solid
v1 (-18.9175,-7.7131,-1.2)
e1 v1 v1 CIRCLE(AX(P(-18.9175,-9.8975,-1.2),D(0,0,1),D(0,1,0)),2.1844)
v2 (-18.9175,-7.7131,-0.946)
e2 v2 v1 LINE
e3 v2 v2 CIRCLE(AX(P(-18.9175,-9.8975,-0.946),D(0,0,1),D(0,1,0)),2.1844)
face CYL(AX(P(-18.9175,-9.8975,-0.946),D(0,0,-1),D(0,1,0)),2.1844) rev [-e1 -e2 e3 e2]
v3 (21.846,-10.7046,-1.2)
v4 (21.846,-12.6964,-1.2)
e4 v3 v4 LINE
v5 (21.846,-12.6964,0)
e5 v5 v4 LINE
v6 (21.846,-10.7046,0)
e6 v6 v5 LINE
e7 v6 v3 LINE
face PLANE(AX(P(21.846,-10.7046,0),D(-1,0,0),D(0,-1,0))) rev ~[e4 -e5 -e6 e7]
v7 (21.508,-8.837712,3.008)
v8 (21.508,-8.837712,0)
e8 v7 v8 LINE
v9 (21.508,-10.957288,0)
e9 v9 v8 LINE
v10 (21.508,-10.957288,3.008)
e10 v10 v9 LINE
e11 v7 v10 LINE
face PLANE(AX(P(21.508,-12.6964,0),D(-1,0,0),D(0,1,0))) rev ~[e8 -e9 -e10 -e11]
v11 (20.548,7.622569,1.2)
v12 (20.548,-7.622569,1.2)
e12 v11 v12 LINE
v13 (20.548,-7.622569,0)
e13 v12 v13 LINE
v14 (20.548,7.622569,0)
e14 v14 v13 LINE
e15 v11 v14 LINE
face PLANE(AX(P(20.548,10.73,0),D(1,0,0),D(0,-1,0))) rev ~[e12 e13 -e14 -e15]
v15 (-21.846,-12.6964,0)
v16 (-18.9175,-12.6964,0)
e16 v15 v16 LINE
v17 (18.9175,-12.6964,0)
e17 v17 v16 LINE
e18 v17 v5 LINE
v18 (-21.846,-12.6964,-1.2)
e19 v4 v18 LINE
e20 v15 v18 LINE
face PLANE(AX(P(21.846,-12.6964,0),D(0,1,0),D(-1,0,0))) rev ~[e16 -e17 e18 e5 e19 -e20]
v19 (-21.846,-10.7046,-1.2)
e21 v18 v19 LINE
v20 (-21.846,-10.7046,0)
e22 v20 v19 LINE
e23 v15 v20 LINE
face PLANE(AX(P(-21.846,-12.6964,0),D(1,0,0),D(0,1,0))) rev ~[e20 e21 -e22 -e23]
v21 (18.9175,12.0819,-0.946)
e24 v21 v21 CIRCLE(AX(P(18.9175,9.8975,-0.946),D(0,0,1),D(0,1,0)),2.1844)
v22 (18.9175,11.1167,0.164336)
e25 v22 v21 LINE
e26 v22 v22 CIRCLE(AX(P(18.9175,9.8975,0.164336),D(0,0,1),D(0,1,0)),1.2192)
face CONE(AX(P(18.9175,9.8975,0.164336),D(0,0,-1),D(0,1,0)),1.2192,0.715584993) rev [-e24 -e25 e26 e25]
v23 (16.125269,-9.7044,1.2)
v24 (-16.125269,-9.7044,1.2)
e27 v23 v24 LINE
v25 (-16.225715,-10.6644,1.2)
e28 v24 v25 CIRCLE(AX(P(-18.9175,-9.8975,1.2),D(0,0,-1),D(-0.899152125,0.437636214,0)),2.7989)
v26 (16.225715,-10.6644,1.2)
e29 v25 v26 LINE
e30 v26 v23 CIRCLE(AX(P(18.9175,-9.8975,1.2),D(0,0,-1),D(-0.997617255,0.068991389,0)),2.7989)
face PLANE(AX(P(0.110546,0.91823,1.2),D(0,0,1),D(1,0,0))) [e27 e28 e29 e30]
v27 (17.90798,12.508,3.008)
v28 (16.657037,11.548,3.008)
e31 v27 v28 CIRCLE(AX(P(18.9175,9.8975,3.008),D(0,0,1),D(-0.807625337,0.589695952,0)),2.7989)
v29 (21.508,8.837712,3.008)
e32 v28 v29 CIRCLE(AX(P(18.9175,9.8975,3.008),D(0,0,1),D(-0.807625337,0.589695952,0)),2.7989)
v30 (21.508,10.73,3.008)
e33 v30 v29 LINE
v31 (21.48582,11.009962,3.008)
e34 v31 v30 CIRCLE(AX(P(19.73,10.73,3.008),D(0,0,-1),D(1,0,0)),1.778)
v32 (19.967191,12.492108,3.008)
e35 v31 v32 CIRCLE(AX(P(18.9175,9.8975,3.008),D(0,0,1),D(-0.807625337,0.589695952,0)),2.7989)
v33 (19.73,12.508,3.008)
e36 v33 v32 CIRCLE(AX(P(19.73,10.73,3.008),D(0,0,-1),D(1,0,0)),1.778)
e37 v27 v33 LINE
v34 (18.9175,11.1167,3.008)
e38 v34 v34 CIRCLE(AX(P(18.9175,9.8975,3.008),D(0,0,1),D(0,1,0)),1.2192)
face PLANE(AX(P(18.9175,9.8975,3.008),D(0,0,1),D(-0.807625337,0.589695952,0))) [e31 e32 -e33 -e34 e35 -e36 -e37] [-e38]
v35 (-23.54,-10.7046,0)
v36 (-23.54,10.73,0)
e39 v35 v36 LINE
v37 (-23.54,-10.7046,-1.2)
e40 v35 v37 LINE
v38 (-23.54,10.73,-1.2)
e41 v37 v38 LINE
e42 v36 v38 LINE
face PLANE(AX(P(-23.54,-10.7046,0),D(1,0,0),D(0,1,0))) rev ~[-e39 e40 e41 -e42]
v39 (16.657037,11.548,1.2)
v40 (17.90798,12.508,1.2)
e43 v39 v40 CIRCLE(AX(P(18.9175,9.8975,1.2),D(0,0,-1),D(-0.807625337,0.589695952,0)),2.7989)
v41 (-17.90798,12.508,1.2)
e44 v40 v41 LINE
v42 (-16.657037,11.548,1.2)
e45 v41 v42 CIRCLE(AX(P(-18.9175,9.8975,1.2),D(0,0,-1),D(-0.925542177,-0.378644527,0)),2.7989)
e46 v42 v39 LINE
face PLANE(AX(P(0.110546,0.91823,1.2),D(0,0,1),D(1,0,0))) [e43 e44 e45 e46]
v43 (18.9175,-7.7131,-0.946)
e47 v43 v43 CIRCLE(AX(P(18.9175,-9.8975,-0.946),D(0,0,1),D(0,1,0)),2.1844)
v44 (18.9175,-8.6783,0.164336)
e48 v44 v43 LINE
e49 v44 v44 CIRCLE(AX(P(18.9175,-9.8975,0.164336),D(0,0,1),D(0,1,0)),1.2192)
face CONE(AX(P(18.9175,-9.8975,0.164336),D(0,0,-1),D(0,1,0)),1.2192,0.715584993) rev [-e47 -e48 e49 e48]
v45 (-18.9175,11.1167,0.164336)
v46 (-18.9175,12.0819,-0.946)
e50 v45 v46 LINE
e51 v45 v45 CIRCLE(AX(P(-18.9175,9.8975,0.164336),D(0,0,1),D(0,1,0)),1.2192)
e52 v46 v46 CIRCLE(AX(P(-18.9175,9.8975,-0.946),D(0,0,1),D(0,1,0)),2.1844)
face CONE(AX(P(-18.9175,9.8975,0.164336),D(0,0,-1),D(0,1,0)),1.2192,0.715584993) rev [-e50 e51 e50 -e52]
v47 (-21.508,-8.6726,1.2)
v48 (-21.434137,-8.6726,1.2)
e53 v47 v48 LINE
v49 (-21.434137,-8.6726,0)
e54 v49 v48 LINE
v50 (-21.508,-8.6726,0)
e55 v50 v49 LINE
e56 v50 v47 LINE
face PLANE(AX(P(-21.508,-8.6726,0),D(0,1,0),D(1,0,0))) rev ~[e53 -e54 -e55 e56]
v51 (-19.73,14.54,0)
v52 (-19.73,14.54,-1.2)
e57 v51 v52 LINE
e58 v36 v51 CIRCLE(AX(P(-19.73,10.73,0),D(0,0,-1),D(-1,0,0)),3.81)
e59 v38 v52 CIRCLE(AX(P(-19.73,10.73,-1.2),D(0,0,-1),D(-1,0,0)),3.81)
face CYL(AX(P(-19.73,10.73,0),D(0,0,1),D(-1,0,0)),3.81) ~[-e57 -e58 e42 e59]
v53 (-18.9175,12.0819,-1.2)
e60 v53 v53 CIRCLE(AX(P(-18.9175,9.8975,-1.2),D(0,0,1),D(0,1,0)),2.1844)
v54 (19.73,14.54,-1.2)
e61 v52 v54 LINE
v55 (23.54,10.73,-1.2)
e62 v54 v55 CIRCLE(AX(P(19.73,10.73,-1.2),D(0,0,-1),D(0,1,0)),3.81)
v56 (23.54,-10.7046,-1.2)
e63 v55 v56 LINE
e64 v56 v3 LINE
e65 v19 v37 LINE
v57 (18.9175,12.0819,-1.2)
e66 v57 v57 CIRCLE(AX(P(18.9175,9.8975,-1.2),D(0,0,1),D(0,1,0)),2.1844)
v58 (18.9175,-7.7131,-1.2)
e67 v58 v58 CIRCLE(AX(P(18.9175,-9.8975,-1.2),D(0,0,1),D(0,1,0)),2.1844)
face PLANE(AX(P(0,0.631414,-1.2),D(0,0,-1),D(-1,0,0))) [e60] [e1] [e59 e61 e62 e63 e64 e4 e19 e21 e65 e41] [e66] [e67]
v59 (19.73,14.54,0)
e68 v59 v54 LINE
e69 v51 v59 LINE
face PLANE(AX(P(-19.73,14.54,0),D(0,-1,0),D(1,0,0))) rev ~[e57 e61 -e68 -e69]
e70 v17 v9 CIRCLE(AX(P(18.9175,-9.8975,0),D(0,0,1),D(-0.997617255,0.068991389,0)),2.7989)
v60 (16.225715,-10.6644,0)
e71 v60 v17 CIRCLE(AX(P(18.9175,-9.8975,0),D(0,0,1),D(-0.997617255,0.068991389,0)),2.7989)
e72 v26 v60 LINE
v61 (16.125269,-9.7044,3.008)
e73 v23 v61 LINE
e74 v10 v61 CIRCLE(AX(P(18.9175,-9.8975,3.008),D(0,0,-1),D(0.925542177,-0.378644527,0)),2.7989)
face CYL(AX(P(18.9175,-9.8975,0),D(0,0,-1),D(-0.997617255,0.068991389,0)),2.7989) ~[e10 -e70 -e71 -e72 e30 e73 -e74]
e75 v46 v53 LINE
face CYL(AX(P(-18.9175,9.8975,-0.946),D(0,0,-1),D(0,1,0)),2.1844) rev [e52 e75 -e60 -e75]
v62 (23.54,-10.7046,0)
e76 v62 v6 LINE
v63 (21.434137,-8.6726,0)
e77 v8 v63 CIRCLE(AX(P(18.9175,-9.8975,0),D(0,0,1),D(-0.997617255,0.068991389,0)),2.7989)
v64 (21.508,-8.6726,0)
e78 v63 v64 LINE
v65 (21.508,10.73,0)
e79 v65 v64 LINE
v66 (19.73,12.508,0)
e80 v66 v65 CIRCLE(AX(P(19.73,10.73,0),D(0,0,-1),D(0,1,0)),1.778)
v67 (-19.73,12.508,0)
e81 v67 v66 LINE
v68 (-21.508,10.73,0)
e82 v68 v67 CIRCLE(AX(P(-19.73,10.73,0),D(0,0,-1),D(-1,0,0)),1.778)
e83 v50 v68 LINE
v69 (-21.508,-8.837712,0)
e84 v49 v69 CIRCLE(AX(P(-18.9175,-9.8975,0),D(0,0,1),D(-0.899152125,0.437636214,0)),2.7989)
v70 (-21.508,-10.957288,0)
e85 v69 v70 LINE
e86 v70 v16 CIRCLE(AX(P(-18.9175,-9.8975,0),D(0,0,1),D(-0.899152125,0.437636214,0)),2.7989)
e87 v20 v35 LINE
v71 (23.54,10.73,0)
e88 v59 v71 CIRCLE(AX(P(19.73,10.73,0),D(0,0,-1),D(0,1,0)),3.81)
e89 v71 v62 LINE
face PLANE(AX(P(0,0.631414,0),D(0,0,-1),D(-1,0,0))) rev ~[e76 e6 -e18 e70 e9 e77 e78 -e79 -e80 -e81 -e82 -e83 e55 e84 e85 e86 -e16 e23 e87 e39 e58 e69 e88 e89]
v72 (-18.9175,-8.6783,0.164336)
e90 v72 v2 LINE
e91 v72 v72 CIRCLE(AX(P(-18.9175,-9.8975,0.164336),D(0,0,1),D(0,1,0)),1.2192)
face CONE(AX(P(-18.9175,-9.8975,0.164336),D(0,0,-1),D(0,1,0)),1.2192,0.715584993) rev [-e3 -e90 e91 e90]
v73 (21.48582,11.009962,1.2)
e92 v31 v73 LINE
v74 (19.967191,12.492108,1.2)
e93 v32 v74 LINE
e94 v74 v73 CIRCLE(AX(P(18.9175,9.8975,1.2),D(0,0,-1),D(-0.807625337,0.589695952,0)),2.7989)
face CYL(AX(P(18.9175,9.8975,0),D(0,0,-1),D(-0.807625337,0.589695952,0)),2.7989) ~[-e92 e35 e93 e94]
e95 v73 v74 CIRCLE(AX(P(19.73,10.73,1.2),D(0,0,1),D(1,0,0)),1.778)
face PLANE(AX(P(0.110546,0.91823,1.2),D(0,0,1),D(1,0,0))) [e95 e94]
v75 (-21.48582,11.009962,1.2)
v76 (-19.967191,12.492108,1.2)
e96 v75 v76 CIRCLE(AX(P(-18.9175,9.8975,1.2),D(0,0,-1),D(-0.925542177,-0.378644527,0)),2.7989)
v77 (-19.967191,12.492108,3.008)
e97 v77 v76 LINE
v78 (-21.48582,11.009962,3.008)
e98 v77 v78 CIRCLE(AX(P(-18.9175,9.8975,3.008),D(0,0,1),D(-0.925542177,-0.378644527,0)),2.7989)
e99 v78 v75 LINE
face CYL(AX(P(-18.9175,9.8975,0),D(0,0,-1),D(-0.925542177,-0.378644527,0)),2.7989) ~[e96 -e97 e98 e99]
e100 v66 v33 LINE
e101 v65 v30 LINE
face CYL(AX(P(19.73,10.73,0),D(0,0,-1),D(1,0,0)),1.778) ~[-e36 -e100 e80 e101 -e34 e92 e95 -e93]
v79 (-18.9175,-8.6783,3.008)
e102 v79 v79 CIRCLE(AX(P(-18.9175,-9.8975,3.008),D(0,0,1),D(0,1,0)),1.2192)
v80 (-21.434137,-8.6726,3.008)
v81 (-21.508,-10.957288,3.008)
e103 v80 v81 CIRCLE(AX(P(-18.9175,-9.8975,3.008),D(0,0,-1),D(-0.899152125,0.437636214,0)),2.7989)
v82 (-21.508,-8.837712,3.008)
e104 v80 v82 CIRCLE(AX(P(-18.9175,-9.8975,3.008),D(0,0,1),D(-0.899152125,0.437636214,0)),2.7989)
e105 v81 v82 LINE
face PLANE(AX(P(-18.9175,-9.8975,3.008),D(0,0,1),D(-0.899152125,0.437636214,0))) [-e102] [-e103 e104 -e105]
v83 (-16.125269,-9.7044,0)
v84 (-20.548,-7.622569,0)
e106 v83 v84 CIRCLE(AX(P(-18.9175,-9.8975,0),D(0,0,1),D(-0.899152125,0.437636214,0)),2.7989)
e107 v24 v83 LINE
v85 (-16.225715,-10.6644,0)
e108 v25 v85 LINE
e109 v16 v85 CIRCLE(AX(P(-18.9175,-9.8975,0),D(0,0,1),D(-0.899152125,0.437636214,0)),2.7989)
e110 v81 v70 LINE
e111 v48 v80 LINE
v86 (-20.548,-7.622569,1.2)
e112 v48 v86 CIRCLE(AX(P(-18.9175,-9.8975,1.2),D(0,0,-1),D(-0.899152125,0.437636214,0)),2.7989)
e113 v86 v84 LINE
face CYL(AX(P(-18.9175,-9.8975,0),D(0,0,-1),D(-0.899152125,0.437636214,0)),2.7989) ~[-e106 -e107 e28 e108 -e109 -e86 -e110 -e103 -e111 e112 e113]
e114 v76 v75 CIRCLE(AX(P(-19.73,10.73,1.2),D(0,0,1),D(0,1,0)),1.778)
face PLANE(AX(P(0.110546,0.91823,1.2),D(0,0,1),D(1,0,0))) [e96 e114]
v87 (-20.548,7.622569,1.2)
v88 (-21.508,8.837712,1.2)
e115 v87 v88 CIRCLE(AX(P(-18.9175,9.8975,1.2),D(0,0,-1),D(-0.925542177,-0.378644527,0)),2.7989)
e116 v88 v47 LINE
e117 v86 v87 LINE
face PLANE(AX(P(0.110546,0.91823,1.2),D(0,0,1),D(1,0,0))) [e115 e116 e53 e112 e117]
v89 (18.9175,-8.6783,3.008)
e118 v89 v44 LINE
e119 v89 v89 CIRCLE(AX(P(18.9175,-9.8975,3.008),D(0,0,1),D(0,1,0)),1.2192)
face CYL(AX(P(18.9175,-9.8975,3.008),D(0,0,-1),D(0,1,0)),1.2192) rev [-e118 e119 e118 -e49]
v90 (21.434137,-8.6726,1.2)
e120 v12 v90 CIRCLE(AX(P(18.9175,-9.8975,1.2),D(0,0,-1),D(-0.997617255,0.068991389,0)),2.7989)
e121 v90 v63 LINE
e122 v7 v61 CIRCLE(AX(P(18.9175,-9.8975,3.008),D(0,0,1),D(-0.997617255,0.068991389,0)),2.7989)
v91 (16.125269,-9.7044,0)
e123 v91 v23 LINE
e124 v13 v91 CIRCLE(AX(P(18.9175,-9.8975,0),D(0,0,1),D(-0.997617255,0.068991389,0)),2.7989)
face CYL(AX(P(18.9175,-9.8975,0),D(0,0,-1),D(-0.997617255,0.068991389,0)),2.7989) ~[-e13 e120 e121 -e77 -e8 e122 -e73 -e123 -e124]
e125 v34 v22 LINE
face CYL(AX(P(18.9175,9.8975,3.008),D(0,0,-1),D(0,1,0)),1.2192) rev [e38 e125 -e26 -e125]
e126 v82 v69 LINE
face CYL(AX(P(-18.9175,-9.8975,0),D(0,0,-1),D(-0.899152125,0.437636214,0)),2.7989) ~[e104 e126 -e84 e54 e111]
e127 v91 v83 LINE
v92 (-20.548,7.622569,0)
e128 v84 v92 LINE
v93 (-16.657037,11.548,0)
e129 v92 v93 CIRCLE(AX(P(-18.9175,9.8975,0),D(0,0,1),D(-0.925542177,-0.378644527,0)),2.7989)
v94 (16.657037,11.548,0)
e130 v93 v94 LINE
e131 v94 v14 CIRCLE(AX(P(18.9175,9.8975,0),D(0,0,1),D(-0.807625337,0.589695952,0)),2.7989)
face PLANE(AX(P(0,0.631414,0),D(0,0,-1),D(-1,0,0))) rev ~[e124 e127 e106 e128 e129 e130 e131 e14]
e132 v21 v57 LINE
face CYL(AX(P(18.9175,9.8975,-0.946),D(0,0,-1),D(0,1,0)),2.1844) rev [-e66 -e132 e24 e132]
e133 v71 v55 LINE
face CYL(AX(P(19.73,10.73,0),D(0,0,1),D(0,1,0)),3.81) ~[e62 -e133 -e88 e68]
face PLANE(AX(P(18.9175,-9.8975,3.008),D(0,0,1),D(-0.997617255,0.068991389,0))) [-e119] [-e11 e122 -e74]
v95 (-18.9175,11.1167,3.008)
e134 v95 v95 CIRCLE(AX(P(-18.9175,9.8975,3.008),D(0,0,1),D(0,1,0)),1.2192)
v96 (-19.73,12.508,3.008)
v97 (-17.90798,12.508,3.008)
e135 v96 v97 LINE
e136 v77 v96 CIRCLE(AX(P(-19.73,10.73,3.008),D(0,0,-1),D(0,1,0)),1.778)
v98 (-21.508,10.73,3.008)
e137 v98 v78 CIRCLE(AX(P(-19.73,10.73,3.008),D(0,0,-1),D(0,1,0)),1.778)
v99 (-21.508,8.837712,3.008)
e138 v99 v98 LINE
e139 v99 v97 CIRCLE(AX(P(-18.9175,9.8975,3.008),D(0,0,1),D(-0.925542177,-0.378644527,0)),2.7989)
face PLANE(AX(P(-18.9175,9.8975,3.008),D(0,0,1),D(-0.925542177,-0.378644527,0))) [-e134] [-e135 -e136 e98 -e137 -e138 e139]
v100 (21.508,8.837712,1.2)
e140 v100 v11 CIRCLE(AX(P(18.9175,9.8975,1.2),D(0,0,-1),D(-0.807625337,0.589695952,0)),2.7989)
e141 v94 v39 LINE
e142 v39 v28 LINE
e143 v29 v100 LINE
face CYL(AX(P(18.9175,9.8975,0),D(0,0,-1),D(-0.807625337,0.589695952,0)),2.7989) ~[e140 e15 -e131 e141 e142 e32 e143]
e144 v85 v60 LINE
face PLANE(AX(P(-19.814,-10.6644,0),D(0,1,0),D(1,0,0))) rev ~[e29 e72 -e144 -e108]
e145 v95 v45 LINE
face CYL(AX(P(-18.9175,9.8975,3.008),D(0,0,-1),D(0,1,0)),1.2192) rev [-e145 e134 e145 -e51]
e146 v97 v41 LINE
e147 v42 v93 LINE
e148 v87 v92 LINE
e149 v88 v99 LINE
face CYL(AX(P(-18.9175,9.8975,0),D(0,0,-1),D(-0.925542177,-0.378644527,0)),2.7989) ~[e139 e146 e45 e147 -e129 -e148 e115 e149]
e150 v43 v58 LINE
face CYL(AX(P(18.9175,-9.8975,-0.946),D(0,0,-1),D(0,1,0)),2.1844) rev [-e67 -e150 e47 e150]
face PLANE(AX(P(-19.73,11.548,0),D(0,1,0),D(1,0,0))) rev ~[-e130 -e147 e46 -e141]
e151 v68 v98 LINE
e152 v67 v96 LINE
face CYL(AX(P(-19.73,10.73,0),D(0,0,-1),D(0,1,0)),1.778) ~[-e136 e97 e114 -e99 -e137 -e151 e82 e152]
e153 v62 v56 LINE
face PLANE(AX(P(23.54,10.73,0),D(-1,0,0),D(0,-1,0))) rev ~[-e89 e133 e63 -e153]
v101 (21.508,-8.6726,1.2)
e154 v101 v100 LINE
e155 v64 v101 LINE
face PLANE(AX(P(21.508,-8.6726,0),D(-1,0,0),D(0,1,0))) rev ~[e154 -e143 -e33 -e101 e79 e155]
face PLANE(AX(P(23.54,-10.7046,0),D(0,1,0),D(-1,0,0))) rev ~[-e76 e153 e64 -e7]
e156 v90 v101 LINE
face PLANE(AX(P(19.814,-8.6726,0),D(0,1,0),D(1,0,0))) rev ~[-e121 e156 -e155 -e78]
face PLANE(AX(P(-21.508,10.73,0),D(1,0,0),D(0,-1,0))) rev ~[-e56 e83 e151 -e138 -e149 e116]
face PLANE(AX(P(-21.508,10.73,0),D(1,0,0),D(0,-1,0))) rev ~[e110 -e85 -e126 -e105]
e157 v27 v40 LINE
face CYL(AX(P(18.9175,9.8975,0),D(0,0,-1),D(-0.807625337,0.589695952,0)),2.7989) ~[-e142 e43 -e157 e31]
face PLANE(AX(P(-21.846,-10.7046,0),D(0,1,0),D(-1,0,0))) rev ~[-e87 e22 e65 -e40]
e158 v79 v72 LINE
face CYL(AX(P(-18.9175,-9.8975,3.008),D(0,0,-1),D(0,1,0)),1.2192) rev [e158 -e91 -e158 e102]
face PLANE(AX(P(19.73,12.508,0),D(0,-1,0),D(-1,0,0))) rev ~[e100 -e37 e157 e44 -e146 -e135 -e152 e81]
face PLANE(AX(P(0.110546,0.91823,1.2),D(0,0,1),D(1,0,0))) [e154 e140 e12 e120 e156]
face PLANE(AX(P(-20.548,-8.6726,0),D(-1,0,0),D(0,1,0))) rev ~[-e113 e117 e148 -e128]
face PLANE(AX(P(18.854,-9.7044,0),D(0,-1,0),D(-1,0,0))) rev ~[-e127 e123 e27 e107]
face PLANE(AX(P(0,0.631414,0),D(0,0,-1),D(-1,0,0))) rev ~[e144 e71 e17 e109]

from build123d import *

# Parameters (mm, degrees)
EXTRUDE1_DEPTH                                = 1.2
EXTRUDE_THIN1_DEPTH                           = 1.2
SKETCH9_R                                     = 2.7989
EXTRUDE3_DEPTH                                = 3.008
SKETCH11_OUTSIDE_W                            = 59.99
SKETCH11_OUTSIDE_H                            = 40.146
CUT_EXTRUDE2_DEPTH                            = 28.831479731
CSK_FOR_2_FLAT_HEAD_MACHINE_SCREW1_AT_2_COUNT = 2
CSK_FOR_2_FLAT_HEAD_MACHINE_SCREW1_AT_2_PITCH = 19.795
CSK_FOR_2_FLAT_HEAD_MACHINE_SCREW1_AT_3_COUNT = 2
CSK_FOR_2_FLAT_HEAD_MACHINE_SCREW1_AT_3_PITCH = 42.700459599
CSK_FOR_2_FLAT_HEAD_MACHINE_SCREW1_AT_4_COUNT = 2
CSK_FOR_2_FLAT_HEAD_MACHINE_SCREW1_AT_4_PITCH = 37.835


with BuildPart() as part:
    # Sketch2 → Extrude1 (new body)
    with BuildSketch(Plane.XY):
        with BuildLine():
            Line((22.1, -10.7046), (21.846, -10.7046))
            Line((21.846, -10.7046), (21.846, -12.6964))
            Line((21.846, -12.6964), (-21.846, -12.6964))
            Line((-21.846, -12.6964), (-21.846, -10.7046))
            Line((-21.846, -10.7046), (-22.1, -10.7046))
            Line((-22.1, -10.7046), (-23.54, -10.7046))
            Line((-23.54, -10.7046), (-23.54, 10.73))
            ThreePointArc((-23.54, 10.73), (-22.424076836, 13.424076836), (-19.73, 14.54))
            Line((-19.73, 14.54), (19.73, 14.54))
            ThreePointArc((19.73, 14.54), (22.424076836, 13.424076836), (23.54, 10.73))
            Line((23.54, 10.73), (23.54, -10.7046))
            Line((23.54, -10.7046), (22.1, -10.7046))
        make_face()
    extrude(amount=-EXTRUDE1_DEPTH)

    # Sketch3 → Extrude-Thin1 (add)
    with BuildSketch(Plane.XY):
        with BuildLine():
            Line((-19.814, -8.6726), (-19.814, -10.6644))
            Line((-19.814, -10.6644), (19.814, -10.6644))
            Line((19.814, -10.6644), (19.814, -8.6726))
            Line((19.814, -8.6726), (21.508, -8.6726))
            Line((21.508, -8.6726), (21.508, 10.73))
            ThreePointArc((21.508, 10.73), (20.987235857, 11.987235857), (19.73, 12.508))
            Line((19.73, 12.508), (-19.73, 12.508))
            ThreePointArc((-19.73, 12.508), (-20.987235857, 11.987235857), (-21.508, 10.73))
            Line((-21.508, 10.73), (-21.508, -8.6726))
            Line((-21.508, -8.6726), (-20.548, -8.6726))
            Line((-20.548, -8.6726), (-20.548, 10.73))
            ThreePointArc((-20.548, 10.73), (-20.308413347, 11.308413347), (-19.73, 11.548))
            Line((-19.73, 11.548), (19.73, 11.548))
            ThreePointArc((19.73, 11.548), (20.308413347, 11.308413347), (20.548, 10.73))
            Line((20.548, 10.73), (20.548, -7.7126))
            Line((20.548, -7.7126), (18.854, -7.7126))
            Line((18.854, -7.7126), (18.854, -9.7044))
            Line((18.854, -9.7044), (-18.854, -9.7044))
            Line((-18.854, -9.7044), (-18.854, -8.6726))
            Line((-18.854, -8.6726), (-19.814, -8.6726))
        make_face()
    extrude(amount=EXTRUDE_THIN1_DEPTH)

    # Sketch9 → Extrude3 (add)
    with BuildSketch(Plane.XY):
        with Locations(Location((18.9175, -9.8975, 0), (0, 0, 176.043941969))):
            Circle(SKETCH9_R)
        with Locations(Location((-18.9175, -9.8975, 0), (0, 0, 154.046840703))):
            Circle(SKETCH9_R)
        with Locations(Location((-18.9175, 9.8975, 0), (0, 0, 202.249746806))):
            Circle(SKETCH9_R)
        with Locations(Location((18.9175, 9.8975, 0), (0, 0, 143.864565))):
            Circle(SKETCH9_R)
    extrude(amount=EXTRUDE3_DEPTH)

    # Sketch11 outside → Cut-Extrude2 (cut, through all)
    with BuildSketch(Plane.XY):
        with Locations((0, 0.922)):
            Rectangle(SKETCH11_OUTSIDE_W, SKETCH11_OUTSIDE_H)
        with BuildLine():
            Line((-21.508, 10.73), (-21.508, -12.6964))
            Line((-21.508, -12.6964), (21.508, -12.6964))
            Line((21.508, -12.6964), (21.508, 10.73))
            ThreePointArc((21.508, 10.73), (20.987235857, 11.987235857), (19.73, 12.508))
            Line((19.73, 12.508), (-19.73, 12.508))
            ThreePointArc((-19.73, 12.508), (-20.987235857, 11.987235857), (-21.508, 10.73))
        make_face(mode=Mode.SUBTRACT)
    extrude(amount=CUT_EXTRUDE2_DEPTH, mode=Mode.SUBTRACT)

    # Sketch7 → CSK for #2 Flat Head Machine Screw1 (revolve, cut)
    with BuildSketch(Plane(origin=(18.9175, 9.8975, -1.2), x_dir=(0, 1, 0), z_dir=(1, 0, 0))):
        Polygon((0, 0), (0, 4.208), (1.2192, 4.208), (1.2192, 1.364335587), (2.1844, 0.254), (2.1844, 0), align=None)
    csk_for_2_flat_head_machine_screw1 = revolve(axis=Axis((18.9175, 9.8975, -7.55), (0, 0, 1)), mode=Mode.SUBTRACT)

    # CSK for #2 Flat Head Machine Screw1 at 2: CSK for #2 Flat Head Machine Screw1 ×2
    with Locations(*[(0, -i * CSK_FOR_2_FLAT_HEAD_MACHINE_SCREW1_AT_2_PITCH, 0) for i in range(1, CSK_FOR_2_FLAT_HEAD_MACHINE_SCREW1_AT_2_COUNT)]):
        add(csk_for_2_flat_head_machine_screw1, mode=Mode.SUBTRACT)

    # CSK for #2 Flat Head Machine Screw1 at 3: CSK for #2 Flat Head Machine Screw1 ×2
    with Locations(*[Vector(-0.8860560367488772, -0.46357814847215617, 0) * (i * CSK_FOR_2_FLAT_HEAD_MACHINE_SCREW1_AT_3_PITCH) for i in range(1, CSK_FOR_2_FLAT_HEAD_MACHINE_SCREW1_AT_3_COUNT)]):
        add(csk_for_2_flat_head_machine_screw1, mode=Mode.SUBTRACT)

    # CSK for #2 Flat Head Machine Screw1 at 4: CSK for #2 Flat Head Machine Screw1 ×2
    with Locations(*[(-i * CSK_FOR_2_FLAT_HEAD_MACHINE_SCREW1_AT_4_PITCH, 0, 0) for i in range(1, CSK_FOR_2_FLAT_HEAD_MACHINE_SCREW1_AT_4_COUNT)]):
        add(csk_for_2_flat_head_machine_screw1, mode=Mode.SUBTRACT)


solid = part.part
